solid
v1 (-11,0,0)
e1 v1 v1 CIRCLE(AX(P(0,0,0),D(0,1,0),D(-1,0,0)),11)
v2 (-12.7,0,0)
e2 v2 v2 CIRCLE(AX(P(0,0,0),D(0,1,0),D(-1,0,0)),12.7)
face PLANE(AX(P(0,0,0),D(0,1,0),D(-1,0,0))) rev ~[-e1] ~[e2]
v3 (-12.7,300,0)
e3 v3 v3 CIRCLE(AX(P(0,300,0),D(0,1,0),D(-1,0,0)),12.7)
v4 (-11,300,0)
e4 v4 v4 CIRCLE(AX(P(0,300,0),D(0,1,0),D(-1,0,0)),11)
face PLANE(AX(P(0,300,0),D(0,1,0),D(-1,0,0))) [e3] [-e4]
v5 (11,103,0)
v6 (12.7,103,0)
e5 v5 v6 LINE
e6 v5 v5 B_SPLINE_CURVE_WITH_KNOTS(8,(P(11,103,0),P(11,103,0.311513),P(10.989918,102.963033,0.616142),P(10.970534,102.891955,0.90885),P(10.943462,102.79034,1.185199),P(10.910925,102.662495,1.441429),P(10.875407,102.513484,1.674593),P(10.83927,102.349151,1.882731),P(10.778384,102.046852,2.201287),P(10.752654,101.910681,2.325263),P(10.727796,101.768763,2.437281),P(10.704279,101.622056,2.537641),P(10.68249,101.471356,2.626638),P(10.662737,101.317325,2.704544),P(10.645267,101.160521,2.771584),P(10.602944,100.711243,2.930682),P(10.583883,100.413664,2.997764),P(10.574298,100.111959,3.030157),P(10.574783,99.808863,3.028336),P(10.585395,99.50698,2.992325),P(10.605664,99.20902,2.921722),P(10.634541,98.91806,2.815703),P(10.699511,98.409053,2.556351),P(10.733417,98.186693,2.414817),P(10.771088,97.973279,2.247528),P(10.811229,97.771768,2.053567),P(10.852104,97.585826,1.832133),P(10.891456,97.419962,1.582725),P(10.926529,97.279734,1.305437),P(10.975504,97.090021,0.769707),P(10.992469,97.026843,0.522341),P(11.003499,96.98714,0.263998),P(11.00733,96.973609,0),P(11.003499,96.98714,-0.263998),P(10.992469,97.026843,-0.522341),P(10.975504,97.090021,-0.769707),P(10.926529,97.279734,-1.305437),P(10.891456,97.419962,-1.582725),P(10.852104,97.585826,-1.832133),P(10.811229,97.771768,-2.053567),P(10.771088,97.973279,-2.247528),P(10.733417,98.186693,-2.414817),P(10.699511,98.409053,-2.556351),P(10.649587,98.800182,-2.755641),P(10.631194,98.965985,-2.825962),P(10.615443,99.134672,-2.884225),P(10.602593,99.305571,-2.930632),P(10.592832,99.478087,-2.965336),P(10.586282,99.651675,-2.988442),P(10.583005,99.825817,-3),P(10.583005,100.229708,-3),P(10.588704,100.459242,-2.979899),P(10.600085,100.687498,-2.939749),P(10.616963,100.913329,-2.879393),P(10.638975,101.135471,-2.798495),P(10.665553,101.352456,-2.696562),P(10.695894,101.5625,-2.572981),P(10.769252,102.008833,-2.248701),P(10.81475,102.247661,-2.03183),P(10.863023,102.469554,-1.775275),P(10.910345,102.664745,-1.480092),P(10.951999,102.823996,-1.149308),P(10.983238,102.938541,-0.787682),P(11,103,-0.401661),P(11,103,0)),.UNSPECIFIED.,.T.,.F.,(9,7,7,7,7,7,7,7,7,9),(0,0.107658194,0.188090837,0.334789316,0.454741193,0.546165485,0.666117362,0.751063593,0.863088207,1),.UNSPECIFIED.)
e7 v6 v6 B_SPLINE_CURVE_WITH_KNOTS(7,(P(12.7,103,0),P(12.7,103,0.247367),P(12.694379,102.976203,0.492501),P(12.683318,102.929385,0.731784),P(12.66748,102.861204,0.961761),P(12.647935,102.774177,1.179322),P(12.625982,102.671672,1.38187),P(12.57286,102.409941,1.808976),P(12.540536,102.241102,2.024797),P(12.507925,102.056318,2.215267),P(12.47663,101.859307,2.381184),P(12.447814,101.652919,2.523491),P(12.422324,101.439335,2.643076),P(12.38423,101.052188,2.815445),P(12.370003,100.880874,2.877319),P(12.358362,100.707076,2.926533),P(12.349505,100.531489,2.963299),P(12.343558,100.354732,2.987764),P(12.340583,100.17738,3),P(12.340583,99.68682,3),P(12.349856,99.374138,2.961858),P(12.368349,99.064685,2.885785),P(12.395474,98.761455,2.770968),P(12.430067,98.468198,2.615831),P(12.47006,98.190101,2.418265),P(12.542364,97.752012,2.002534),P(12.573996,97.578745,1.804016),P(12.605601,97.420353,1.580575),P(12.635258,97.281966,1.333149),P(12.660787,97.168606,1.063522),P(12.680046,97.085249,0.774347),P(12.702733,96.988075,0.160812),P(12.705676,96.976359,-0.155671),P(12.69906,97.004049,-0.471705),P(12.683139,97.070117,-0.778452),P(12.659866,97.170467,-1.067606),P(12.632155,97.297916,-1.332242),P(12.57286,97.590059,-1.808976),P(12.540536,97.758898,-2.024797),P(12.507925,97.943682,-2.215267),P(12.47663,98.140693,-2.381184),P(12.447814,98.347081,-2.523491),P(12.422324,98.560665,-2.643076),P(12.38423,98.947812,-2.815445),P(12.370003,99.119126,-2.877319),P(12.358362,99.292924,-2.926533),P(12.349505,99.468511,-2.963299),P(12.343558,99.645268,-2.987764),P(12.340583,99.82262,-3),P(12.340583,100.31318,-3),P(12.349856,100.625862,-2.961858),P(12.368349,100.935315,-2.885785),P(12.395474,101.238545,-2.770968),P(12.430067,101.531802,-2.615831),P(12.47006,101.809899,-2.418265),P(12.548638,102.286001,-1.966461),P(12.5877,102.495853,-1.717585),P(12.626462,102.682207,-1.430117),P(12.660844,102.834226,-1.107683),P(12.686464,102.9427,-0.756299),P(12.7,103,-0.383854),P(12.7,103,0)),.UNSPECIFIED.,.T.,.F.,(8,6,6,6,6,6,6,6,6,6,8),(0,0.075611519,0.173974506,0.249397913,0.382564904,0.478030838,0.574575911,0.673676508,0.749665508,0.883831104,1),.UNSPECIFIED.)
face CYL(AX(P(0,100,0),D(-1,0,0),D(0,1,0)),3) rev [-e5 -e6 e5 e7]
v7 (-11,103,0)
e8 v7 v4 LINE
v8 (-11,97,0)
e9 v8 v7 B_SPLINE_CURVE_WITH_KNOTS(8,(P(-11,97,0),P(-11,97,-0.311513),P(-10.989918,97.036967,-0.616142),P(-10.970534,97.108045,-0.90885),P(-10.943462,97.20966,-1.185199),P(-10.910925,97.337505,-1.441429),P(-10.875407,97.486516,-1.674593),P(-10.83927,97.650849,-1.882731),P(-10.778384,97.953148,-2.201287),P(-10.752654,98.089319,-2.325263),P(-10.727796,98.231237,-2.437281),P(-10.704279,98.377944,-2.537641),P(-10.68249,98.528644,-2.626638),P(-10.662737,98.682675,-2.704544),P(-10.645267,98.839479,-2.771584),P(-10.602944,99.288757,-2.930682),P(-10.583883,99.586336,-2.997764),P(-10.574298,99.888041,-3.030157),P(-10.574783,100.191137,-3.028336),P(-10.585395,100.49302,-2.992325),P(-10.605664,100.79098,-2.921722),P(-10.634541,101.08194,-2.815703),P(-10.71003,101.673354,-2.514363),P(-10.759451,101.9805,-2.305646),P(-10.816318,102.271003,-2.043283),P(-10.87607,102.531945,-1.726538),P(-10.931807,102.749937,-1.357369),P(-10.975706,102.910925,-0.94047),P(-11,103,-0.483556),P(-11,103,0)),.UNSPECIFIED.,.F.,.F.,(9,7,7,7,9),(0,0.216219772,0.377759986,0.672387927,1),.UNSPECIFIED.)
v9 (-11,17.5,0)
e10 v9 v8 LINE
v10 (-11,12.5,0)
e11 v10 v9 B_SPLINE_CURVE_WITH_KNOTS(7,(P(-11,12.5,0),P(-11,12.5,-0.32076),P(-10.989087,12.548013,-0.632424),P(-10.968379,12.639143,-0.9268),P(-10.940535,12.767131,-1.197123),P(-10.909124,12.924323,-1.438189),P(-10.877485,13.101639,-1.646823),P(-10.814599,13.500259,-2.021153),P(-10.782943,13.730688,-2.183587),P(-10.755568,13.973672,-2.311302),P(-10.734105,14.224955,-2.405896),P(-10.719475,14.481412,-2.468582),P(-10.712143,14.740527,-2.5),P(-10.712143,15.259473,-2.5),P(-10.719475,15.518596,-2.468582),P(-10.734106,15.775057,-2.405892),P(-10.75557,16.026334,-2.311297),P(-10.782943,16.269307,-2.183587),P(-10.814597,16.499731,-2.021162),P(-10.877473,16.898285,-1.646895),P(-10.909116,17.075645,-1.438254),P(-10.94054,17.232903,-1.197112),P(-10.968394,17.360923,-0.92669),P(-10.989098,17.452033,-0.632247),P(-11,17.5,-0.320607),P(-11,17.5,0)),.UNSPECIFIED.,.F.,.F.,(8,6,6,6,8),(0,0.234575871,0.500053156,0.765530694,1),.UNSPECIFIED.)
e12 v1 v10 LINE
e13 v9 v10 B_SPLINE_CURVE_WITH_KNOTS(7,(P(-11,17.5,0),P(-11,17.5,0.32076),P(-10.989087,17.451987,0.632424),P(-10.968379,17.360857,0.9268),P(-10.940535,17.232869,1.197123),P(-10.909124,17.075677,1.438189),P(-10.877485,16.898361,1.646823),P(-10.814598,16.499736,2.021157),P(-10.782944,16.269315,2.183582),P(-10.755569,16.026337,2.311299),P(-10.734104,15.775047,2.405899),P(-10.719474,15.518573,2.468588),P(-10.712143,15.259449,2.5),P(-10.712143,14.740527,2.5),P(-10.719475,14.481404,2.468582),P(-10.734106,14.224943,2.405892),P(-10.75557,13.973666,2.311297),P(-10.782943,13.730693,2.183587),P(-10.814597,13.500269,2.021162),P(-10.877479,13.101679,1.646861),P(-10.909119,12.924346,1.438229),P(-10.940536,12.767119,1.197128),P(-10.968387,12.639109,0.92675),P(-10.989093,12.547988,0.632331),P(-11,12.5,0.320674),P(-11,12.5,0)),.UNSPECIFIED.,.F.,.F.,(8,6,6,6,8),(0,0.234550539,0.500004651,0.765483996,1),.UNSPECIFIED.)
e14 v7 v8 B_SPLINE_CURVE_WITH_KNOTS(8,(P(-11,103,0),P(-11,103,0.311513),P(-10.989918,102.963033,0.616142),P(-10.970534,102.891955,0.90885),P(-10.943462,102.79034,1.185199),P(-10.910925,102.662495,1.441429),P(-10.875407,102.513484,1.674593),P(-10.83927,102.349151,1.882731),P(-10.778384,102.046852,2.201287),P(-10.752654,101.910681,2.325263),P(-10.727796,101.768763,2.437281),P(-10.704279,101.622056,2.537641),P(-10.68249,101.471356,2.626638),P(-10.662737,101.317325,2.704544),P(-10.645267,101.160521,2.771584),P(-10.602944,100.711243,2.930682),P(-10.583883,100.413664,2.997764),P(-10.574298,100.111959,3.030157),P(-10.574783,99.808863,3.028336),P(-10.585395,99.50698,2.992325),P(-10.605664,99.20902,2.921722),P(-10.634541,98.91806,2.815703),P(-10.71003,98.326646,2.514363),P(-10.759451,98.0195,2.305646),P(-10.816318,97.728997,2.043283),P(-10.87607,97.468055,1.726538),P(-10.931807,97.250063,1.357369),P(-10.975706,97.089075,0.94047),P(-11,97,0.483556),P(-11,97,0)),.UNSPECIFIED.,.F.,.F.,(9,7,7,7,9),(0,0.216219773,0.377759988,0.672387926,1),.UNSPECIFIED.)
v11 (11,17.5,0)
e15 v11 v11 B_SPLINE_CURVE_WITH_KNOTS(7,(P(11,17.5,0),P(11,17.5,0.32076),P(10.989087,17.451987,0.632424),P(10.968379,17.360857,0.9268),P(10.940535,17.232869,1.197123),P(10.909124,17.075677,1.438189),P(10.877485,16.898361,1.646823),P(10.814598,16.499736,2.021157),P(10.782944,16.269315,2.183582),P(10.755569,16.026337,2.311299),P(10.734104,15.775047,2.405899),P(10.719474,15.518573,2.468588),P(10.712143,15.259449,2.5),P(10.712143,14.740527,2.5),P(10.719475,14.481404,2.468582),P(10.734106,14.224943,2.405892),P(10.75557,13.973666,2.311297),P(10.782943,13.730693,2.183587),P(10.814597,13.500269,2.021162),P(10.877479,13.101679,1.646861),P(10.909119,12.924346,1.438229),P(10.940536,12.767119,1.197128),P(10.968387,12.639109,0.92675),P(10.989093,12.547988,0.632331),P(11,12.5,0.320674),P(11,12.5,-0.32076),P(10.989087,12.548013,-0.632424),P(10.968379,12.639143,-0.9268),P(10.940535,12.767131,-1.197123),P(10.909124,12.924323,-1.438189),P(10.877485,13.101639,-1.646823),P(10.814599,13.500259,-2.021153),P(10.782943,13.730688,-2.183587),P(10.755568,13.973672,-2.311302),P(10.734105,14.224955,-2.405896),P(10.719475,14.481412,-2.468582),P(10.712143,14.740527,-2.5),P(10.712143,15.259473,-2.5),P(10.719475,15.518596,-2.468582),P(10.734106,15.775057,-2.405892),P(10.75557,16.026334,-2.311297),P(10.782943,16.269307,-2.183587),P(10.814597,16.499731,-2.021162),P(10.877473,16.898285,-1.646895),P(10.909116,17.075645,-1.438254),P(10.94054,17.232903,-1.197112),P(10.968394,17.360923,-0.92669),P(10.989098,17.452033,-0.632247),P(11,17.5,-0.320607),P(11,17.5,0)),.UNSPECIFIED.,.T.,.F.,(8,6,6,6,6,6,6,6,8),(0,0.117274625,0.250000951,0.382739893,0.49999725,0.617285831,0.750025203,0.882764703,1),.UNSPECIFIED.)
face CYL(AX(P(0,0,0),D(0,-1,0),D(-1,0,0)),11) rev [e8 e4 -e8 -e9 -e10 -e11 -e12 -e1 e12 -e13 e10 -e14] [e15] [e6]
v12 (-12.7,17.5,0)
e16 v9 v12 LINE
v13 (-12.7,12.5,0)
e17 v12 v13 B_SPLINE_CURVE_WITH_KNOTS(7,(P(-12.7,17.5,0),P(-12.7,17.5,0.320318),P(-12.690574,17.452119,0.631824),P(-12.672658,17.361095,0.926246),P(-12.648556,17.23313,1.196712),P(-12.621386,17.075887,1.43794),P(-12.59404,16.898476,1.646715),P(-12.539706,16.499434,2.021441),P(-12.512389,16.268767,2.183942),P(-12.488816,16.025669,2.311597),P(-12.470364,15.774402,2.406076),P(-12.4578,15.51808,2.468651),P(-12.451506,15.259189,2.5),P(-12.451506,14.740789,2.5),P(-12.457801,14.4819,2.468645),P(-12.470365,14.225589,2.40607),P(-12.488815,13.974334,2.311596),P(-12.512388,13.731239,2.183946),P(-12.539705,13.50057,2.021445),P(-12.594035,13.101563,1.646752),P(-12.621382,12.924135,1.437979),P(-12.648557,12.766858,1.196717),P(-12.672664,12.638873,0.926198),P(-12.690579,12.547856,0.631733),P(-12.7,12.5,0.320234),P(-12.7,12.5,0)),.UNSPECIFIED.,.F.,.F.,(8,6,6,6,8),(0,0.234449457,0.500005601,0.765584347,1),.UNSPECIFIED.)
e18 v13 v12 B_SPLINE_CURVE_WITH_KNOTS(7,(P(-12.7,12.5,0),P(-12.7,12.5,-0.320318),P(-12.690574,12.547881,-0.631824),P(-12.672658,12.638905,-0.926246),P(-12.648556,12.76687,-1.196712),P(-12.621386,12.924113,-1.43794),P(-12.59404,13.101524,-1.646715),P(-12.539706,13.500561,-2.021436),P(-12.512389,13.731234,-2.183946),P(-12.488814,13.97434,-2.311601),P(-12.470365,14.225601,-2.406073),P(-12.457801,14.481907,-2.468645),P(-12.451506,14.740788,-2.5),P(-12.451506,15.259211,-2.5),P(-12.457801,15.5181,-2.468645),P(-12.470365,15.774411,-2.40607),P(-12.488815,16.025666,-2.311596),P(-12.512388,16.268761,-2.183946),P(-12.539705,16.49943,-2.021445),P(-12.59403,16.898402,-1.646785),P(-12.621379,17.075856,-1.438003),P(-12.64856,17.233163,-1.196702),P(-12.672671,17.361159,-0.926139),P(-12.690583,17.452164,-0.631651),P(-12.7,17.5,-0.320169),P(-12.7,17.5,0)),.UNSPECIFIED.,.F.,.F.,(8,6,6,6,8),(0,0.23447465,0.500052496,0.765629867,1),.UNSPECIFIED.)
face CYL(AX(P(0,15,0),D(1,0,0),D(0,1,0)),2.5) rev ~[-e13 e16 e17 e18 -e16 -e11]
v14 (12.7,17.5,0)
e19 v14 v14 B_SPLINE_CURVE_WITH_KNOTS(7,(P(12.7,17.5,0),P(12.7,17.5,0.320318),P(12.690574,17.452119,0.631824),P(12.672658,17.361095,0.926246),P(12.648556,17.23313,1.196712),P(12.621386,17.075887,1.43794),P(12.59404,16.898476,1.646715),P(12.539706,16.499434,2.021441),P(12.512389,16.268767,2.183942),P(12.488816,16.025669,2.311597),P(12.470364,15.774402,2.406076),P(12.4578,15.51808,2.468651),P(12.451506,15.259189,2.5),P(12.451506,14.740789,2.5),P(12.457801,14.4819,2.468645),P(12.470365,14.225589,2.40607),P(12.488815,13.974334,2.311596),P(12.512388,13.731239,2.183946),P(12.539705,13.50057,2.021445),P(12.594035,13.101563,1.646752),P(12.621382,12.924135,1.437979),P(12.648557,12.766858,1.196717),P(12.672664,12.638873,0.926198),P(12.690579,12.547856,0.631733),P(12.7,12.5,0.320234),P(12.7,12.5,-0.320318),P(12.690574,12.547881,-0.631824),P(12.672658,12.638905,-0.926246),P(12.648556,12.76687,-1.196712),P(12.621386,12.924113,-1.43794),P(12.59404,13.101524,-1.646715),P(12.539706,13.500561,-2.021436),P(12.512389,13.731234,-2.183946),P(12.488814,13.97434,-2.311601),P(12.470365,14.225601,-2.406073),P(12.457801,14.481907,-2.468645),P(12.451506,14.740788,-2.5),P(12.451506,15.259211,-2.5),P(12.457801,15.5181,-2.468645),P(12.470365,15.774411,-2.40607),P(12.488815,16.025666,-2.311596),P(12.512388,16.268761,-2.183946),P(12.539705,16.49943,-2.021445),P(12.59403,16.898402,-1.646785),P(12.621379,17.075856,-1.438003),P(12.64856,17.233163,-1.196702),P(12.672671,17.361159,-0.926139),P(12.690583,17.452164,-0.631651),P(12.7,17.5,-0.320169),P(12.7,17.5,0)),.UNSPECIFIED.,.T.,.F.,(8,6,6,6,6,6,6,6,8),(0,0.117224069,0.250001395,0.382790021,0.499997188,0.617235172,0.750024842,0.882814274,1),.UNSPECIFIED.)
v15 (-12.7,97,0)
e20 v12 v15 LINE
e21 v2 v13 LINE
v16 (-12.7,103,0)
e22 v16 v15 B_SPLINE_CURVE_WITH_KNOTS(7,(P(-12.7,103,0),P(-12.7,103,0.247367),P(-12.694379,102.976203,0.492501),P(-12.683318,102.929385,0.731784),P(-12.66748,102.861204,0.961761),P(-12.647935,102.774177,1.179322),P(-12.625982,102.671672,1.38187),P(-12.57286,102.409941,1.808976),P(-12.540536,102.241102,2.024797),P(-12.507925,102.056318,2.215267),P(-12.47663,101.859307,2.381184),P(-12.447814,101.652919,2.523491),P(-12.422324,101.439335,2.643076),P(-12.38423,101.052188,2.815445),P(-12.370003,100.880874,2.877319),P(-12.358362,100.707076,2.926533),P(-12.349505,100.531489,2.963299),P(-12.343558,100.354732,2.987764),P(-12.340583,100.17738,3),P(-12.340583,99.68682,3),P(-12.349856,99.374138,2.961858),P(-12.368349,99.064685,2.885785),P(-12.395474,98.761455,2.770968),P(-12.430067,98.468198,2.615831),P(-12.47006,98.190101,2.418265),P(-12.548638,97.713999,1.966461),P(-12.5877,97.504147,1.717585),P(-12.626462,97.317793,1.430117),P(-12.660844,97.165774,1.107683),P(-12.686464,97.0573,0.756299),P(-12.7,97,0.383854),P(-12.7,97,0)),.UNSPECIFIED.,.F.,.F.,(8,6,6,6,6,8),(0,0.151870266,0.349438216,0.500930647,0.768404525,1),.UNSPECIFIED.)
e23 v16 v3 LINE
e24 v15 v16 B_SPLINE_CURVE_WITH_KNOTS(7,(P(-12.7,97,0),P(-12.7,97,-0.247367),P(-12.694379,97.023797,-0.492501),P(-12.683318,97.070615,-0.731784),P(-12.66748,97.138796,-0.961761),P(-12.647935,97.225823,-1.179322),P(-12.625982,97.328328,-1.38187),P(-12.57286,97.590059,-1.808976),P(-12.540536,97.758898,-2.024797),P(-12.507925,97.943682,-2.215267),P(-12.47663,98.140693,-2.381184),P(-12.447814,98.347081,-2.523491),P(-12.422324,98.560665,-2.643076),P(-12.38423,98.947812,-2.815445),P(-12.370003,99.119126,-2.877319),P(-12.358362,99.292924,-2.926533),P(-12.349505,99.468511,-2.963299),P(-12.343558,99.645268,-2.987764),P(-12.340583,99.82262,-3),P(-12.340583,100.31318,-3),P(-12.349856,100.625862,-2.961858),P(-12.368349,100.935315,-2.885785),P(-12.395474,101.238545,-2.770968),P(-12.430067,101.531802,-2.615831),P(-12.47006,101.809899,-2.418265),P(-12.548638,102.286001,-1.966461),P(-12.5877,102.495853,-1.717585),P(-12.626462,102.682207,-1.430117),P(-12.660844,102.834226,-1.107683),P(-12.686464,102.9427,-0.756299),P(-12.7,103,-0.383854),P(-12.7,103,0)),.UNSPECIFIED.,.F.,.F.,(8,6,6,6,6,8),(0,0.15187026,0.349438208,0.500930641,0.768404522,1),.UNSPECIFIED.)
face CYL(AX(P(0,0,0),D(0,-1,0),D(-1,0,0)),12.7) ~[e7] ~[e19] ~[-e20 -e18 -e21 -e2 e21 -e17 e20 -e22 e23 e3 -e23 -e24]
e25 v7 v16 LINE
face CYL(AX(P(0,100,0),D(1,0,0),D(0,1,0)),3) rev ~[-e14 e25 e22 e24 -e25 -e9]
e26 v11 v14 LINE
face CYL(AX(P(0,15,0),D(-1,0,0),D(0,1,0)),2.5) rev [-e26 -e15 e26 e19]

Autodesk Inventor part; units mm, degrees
ref_plane "YZ Plane" through (0, 0, 0) normal (1, 0, 0) x (0, 1, 0)
ref_plane "XZ Plane" through (0, 0, 0) normal (0, 1, 0) x (-1, 0, 0)
ref_plane "XY Plane" through (0, 0, 0) normal (0, 0, 1) x (1, 0, 0)
sketch "Sketch1" plane through (0, 0, 0) normal (0, 1, 0) x (-1, 0, 0)
  circle A0 centre (0, 0) radius 12.7
  circle A1 centre (0, 0) radius 11
  dimension "d0" = 25.4
  dimension "d1" = 22
extrude "Extrusion1" add sketch "Sketch1" along normal blind 300
sketch "Sketch2" plane through (0, 0, 0) normal (1, 0, 0) x (0, 1, 0)
  circle A0 centre (100, 0) radius 3
  line L0 (0, -12.7) -> (0, 12.7) projected
  circle A1 centre (15, 0) radius 2.5
  point P0 (0, 0)
  dimension "d4" = 6
  dimension "d5" = 100
  dimension "d6" = 5
  dimension "d7" = 15
extrude "Extrusion2" cut sketch "Sketch2" along normal mid plane 300
properties part number "stickshift"
